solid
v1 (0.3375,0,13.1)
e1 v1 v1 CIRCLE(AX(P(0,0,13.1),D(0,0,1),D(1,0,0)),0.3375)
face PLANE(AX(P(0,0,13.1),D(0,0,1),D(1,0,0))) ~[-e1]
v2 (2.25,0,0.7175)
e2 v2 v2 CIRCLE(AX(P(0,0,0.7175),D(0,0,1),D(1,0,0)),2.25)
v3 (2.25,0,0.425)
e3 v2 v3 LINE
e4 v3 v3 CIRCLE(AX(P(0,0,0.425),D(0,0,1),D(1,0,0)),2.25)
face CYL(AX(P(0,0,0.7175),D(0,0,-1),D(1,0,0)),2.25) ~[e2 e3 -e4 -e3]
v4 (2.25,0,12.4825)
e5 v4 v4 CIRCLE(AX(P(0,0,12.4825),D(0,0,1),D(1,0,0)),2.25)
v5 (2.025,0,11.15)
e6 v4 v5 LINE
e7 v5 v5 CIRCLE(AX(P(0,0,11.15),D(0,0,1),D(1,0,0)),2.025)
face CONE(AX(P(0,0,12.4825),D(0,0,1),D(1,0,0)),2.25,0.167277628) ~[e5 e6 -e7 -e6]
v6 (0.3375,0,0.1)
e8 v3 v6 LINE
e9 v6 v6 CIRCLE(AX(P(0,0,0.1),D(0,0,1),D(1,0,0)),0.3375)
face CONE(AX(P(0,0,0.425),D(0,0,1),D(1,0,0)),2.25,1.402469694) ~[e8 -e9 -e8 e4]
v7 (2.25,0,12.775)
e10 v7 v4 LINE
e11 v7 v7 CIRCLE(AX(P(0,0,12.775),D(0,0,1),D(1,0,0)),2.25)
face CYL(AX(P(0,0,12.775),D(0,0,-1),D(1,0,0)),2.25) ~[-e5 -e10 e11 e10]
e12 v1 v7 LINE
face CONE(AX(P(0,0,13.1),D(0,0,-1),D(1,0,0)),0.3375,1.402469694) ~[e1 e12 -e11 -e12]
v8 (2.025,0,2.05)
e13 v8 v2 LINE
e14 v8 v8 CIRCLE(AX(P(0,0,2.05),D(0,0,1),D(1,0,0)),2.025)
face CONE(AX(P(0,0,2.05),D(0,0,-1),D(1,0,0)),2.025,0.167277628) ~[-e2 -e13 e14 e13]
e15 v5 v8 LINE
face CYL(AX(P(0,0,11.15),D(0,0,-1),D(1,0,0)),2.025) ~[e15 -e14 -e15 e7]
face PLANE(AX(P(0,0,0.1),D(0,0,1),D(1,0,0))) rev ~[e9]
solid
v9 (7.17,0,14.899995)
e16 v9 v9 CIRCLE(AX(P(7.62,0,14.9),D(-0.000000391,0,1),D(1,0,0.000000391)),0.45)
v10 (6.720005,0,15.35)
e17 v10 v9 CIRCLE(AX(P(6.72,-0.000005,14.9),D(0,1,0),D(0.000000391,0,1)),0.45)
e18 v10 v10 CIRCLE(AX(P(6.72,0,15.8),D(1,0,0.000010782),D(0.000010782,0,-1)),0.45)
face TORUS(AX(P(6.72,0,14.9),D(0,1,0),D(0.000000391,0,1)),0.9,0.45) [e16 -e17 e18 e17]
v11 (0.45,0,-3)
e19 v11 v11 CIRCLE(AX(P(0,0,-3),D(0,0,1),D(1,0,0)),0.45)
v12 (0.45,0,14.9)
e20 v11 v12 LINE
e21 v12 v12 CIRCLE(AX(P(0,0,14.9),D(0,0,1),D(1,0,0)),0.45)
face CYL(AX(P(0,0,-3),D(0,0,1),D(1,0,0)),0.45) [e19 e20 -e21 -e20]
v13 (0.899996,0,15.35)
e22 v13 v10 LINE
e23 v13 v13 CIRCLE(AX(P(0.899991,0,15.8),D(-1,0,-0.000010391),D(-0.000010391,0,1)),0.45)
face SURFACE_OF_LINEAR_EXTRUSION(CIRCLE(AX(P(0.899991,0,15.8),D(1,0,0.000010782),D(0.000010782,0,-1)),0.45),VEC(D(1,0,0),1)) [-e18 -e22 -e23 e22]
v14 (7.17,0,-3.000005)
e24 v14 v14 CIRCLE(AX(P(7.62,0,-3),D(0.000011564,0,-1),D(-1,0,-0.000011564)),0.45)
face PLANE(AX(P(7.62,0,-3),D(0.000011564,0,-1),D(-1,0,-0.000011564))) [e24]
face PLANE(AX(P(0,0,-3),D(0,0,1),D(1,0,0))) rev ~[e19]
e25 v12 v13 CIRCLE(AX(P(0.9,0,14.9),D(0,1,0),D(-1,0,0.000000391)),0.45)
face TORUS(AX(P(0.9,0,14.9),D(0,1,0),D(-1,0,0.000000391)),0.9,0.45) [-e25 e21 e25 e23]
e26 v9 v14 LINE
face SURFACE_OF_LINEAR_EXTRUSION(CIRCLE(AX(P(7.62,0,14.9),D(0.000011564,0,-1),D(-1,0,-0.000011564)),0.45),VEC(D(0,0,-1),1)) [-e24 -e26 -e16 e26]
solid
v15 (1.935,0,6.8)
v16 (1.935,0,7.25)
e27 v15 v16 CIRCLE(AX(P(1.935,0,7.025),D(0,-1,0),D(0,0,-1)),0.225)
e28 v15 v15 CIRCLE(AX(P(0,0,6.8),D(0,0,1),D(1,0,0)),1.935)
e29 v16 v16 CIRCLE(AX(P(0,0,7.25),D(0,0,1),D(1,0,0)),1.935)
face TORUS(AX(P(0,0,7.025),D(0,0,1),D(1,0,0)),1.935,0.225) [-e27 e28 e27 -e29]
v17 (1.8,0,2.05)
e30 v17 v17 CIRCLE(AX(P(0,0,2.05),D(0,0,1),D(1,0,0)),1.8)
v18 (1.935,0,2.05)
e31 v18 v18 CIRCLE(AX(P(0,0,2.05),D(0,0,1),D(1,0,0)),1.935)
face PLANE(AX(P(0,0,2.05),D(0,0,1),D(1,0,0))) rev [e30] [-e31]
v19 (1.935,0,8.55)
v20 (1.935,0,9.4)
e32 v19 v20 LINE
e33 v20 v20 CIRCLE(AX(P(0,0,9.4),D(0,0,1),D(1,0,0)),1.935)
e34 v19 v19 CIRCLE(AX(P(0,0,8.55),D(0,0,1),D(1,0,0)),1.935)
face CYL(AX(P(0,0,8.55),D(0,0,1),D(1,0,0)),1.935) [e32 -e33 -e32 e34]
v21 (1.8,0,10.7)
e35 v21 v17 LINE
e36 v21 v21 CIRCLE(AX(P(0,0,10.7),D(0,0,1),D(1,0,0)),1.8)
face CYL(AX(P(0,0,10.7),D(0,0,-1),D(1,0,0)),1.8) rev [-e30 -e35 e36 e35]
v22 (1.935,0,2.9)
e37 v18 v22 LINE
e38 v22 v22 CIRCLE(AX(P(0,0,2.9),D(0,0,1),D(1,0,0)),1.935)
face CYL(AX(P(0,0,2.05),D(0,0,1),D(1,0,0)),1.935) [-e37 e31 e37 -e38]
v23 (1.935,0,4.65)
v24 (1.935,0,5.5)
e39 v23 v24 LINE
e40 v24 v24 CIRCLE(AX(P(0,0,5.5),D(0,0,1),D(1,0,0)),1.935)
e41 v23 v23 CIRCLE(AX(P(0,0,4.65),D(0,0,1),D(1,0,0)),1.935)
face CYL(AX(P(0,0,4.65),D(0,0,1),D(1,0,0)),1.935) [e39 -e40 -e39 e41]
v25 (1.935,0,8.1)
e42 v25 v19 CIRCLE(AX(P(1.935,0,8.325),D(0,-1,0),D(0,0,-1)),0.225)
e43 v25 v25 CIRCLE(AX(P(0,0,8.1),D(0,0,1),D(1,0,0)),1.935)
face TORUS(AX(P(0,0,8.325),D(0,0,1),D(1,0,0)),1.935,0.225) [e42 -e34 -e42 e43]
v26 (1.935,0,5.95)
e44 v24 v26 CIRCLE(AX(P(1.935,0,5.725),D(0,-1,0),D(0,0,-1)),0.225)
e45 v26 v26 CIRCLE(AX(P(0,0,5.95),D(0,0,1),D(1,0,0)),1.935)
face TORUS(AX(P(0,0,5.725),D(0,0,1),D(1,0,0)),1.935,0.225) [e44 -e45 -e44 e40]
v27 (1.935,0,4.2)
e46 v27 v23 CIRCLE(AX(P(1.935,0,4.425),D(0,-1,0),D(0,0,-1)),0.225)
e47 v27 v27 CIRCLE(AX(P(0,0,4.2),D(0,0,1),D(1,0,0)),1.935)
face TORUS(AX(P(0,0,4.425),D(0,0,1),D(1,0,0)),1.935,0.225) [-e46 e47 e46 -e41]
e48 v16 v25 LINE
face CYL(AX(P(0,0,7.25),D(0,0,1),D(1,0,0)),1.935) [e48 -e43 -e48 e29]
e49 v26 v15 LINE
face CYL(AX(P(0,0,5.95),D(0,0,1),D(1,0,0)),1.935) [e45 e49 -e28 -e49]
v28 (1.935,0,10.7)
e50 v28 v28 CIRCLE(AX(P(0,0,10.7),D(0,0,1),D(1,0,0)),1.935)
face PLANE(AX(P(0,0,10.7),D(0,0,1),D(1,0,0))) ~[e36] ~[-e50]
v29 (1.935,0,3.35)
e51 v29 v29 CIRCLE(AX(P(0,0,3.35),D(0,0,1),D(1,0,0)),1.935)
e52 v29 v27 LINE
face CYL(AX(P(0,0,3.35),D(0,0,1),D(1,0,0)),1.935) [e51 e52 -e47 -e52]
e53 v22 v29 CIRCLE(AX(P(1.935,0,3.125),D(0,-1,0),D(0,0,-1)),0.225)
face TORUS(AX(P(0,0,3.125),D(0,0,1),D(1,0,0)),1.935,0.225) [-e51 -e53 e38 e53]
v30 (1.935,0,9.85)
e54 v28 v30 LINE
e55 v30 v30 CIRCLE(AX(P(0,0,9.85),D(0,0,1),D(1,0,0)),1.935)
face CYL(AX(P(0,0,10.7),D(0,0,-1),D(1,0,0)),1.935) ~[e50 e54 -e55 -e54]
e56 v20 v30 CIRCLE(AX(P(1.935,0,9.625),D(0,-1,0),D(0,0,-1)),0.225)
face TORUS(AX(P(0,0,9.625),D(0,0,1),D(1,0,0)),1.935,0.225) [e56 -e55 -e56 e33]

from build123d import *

# Parameters (mm, degrees)
SKETCH_R = 0.45


with BuildPart() as sweep_body:
    # Sweep: sweep along a path in Sketch001
    with BuildLine(Plane.XZ) as sweep_path:
        Line((0, -3), (0, 14.9))
        ThreePointArc((0, 14.9), (0.263601, 15.536393), (0.899991, 15.8))
        Line((0.899991, 15.8), (6.72, 15.8))
        ThreePointArc((6.72, 15.8), (7.356396, 15.536396), (7.62, 14.9))
        Line((7.62, 14.9), (7.62, -3))
    # Sketch → Sweep (sweep)
    with BuildSketch(Plane.XY.offset(-2)):
        Circle(SKETCH_R)
    sweep(path=sweep_path.line)


with BuildPart() as revolution:
    # Sketch002 → Revolution (revolve)
    with BuildSketch(Plane.XZ):
        Polygon((0, 0.1), (0, 13.1), (0.3375, 13.1), (2.25, 12.775), (2.25, 12.4825), (2.025, 11.15), (2.025, 2.05), (2.25, 0.7175), (2.25, 0.425), (0.3375, 0.1), align=None)
    revolve(axis=Axis((0, 0, 0), (0, 0, 1)))


with BuildPart() as revolution001:
    # Sketch003 → Revolution001 (revolve)
    with BuildSketch(Plane.XZ):
        with BuildLine():
            Line((1.8, 10.7), (1.8, 2.05))
            Line((1.8, 2.05), (1.935, 2.05))
            Line((1.935, 2.05), (1.935, 2.9))
            ThreePointArc((1.935, 2.9), (2.16, 3.125), (1.935, 3.35))
            Line((1.935, 3.35), (1.935, 4.2))
            ThreePointArc((1.935, 4.2), (2.16, 4.425), (1.935, 4.65))
            Line((1.935, 4.65), (1.935, 5.5))
            ThreePointArc((1.935, 5.5), (2.16, 5.725), (1.935, 5.95))
            Line((1.935, 5.95), (1.935, 6.8))
            ThreePointArc((1.935, 6.8), (2.16, 7.025), (1.935, 7.25))
            Line((1.935, 7.25), (1.935, 8.1))
            ThreePointArc((1.935, 8.1), (2.16, 8.325), (1.935, 8.55))
            Line((1.935, 8.55), (1.935, 9.4))
            ThreePointArc((1.935, 9.4), (2.16, 9.625), (1.935, 9.85))
            Line((1.935, 10.7), (1.935, 9.85))
            Line((1.8, 10.7), (1.935, 10.7))
        make_face()
    revolve(axis=Axis((0, 0, 0), (0, 0, 1)))


solid = Compound([sweep_body.part, revolution.part, revolution001.part])
